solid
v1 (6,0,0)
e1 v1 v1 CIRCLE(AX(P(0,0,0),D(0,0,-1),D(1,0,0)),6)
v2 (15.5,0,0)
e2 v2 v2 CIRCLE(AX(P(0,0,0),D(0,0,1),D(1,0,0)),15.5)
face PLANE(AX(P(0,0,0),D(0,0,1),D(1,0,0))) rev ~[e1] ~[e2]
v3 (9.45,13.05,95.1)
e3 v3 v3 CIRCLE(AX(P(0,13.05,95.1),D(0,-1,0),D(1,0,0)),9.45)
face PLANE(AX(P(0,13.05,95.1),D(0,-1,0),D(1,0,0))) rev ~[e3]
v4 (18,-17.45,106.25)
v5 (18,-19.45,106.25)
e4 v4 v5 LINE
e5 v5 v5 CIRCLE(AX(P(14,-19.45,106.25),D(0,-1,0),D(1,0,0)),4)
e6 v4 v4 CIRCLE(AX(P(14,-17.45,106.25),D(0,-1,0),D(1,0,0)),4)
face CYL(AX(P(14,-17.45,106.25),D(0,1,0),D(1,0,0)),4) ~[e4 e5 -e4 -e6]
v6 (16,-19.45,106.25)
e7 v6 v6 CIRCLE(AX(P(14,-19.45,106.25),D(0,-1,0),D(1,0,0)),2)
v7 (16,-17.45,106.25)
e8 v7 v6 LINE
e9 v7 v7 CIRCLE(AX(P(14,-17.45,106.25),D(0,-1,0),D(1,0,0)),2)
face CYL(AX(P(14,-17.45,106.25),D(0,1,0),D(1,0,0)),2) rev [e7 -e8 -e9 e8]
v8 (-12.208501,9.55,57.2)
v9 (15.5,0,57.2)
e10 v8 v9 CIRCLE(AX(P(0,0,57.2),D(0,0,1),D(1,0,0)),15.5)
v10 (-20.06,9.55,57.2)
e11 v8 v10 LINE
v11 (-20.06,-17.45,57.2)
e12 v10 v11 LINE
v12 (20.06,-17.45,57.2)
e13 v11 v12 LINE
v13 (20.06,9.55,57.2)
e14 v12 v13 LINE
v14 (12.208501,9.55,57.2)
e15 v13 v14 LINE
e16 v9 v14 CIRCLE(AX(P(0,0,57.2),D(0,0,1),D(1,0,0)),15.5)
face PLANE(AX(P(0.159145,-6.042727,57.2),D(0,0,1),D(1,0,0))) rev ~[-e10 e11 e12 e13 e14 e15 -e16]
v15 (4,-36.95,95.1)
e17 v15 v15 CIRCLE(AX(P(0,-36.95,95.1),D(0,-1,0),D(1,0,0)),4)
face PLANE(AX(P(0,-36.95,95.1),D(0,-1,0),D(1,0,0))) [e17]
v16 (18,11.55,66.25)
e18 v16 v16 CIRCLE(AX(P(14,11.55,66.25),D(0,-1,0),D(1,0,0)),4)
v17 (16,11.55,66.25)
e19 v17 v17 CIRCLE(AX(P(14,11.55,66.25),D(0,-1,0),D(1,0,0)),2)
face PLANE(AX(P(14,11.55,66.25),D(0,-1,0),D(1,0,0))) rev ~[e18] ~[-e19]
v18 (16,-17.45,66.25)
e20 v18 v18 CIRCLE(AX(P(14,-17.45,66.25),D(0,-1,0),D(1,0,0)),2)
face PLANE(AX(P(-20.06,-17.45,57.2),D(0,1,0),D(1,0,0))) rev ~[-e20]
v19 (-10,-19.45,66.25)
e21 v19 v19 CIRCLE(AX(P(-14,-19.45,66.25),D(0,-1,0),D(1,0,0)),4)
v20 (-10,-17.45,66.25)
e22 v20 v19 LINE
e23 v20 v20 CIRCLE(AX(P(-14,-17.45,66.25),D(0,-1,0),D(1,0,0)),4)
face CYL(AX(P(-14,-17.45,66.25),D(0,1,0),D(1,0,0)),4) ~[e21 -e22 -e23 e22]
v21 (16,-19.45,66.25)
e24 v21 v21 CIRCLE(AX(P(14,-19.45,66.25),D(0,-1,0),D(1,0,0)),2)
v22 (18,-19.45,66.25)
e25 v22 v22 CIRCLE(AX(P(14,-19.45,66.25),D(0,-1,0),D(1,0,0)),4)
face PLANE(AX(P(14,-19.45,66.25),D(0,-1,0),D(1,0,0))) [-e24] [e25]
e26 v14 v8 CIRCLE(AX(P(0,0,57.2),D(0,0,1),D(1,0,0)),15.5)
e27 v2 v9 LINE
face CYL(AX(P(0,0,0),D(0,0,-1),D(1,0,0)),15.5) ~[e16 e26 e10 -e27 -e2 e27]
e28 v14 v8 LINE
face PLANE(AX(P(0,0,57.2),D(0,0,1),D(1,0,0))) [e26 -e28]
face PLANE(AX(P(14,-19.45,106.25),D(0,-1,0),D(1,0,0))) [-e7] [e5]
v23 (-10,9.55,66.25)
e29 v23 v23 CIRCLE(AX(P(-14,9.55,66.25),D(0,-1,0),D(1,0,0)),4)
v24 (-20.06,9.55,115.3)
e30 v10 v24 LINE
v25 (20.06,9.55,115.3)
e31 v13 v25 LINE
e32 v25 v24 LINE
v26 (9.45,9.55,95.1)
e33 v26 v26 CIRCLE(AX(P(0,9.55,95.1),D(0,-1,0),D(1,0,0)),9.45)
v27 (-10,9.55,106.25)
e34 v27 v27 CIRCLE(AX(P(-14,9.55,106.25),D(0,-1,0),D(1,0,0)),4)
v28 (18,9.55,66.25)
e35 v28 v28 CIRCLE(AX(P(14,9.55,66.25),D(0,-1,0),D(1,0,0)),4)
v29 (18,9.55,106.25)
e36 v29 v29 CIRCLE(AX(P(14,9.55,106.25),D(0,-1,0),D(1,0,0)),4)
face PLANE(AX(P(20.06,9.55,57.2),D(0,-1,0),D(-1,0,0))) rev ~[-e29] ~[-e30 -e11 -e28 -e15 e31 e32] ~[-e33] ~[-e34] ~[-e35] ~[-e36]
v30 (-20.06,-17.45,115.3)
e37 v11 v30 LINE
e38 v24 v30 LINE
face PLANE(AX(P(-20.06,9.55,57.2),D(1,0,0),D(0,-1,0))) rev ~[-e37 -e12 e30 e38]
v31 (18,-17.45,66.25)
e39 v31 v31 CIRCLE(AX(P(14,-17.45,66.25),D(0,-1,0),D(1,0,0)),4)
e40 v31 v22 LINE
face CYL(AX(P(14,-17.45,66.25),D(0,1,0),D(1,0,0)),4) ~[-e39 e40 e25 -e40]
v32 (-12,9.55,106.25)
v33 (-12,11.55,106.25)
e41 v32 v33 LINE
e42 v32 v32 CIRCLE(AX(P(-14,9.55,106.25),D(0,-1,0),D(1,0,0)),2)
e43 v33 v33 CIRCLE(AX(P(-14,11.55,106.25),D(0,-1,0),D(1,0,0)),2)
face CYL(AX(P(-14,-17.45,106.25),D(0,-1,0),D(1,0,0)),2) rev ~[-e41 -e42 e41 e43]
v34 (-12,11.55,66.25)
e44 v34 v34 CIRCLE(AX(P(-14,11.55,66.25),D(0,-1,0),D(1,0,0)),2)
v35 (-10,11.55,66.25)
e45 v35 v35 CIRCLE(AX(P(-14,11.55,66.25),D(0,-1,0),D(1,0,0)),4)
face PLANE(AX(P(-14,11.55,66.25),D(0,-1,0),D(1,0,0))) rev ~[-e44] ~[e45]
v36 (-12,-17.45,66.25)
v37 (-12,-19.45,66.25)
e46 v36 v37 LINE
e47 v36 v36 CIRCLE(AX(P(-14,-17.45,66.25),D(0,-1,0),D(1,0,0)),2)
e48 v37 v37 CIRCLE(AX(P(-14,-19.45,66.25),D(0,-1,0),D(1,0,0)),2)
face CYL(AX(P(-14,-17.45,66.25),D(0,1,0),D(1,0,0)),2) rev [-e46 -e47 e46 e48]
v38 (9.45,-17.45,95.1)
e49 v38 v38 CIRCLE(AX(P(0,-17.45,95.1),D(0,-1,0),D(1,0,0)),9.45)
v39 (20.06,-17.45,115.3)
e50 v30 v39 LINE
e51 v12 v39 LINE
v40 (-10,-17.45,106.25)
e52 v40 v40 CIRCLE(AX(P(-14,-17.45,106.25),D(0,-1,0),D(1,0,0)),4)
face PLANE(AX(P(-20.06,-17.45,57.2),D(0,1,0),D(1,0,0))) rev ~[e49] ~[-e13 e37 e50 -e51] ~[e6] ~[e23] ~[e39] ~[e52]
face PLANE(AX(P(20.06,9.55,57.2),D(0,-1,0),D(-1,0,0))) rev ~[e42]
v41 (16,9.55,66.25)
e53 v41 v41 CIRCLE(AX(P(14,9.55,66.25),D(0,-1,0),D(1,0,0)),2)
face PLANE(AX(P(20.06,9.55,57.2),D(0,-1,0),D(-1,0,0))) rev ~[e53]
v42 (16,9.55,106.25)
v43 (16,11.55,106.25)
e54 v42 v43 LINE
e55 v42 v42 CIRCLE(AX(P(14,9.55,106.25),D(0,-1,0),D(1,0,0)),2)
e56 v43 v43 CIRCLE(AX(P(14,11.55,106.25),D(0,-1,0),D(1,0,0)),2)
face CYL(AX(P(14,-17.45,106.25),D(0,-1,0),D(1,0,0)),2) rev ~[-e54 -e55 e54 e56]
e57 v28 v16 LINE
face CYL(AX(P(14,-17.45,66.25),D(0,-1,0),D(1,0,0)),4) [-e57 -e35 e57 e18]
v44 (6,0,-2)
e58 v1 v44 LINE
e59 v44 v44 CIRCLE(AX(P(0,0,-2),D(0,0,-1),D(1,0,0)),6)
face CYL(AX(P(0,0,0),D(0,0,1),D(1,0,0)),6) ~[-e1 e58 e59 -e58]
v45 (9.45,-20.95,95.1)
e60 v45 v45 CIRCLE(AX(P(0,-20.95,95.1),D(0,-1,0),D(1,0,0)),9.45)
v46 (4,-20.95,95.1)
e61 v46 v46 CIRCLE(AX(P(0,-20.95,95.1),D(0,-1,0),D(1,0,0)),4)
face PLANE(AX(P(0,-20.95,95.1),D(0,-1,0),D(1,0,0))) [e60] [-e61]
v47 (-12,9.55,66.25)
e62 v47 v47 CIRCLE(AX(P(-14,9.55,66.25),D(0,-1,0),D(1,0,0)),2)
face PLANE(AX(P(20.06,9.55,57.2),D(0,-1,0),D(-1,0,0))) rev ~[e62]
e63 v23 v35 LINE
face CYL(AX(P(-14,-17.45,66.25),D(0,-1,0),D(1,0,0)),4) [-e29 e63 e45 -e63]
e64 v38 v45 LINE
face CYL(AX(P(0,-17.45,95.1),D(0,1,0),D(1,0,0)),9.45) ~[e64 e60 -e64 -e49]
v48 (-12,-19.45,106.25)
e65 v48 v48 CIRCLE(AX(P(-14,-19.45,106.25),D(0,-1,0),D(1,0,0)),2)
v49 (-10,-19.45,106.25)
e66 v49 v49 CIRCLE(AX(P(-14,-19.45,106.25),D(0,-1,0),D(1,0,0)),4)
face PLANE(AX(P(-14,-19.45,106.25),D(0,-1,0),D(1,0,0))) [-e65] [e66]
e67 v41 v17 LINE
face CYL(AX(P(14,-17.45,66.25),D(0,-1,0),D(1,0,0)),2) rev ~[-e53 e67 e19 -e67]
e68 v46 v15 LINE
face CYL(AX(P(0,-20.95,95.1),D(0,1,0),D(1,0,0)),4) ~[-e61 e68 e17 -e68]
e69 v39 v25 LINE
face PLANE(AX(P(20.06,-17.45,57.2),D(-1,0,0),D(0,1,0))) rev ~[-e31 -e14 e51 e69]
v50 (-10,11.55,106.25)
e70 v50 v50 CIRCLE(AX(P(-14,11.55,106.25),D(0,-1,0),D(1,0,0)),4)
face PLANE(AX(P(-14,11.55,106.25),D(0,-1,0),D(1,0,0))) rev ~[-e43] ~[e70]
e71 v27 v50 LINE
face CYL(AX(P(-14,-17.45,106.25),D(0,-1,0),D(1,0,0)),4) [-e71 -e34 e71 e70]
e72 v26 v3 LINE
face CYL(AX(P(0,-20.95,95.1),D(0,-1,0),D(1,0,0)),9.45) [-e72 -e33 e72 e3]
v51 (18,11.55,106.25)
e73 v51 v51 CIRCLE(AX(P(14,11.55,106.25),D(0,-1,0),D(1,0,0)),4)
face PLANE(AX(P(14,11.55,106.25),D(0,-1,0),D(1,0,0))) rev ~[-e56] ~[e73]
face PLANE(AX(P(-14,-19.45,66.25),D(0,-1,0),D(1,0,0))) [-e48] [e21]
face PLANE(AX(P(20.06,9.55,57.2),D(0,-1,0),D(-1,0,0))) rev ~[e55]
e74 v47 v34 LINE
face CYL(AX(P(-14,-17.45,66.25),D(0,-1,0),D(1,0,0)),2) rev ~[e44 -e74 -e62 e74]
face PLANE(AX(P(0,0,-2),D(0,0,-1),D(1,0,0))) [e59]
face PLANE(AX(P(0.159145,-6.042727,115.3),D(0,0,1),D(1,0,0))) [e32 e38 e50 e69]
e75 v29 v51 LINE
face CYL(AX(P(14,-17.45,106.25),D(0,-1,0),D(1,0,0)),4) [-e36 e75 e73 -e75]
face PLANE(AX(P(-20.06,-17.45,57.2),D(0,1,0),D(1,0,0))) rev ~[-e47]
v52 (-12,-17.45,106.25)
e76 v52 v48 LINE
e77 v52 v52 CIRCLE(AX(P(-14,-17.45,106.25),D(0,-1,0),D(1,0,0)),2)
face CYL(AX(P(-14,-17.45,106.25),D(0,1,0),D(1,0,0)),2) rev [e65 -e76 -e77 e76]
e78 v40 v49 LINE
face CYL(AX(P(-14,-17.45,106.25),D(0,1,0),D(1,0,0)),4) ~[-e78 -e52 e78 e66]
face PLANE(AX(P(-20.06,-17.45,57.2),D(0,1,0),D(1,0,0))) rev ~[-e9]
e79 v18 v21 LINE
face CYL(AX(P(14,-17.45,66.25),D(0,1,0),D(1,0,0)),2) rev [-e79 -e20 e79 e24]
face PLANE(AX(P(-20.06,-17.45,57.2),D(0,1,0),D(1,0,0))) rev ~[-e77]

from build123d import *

# Parameters (mm, degrees)
F0_R      = 15.5
F1_DEPTH  = 57.2
F3_DEPTH  = 58.1
F4_R      = 9.45
F5_DEPTH  = 3.5
F5_FACE_R = 9.45
F6_DEPTH  = 34
F7_R      = 4
F8_DEPTH  = 16
F9_R      = 4
F9_R_2    = 2
F10_DEPTH = 2
F11_DEPTH = 29
F12_R     = 6
F13_DEPTH = 2


with BuildPart() as f1:
    # F0 (on Top) → F1 (new body)
    with BuildSketch(Plane.XY):
        Circle(F0_R)
    extrude(amount=F1_DEPTH)

    # F2 (on face) → F3 (join)
    with BuildSketch(Plane.XY.offset(57.2)):
        with BuildLine():
            Line((-12.208501, 9.55), (-20.06, 9.55))
            Line((-20.06, 9.55), (-20.06, -17.45))
            Line((-20.06, -17.45), (20.06, -17.45))
            Line((20.06, -17.45), (20.06, 9.55))
            Line((20.06, 9.55), (12.208501, 9.55))
            ThreePointArc((12.208501, 9.55), (14.65404, 5.050655), (15.5, 0))
            ThreePointArc((15.5, 0), (-5.050655, -14.65404), (-12.208501, 9.55))
        make_face()
        with BuildLine():
            Line((12.208501, 9.55), (-12.208501, 9.55))
            ThreePointArc((-12.208501, 9.55), (-5.050655, -14.65404), (15.5, 0))
            ThreePointArc((15.5, 0), (14.65404, 5.050655), (12.208501, 9.55))
        make_face()
    extrude(amount=F3_DEPTH)

    # F4 (on face) → F5 (join)
    with BuildSketch(Plane.XZ.offset(17.45)):
        with Locations((0, 95.1)):
            Circle(F4_R)
    extrude(amount=F5_DEPTH)

    # F5_face (on face) → F6 (join)
    with BuildSketch(Plane(origin=(0, -20.95, 95.1), x_dir=(1, 0, 0), z_dir=(0, -1, 0))):
        Circle(F5_FACE_R)
    extrude(amount=-F6_DEPTH)

    # F7 (on face) → F8 (join)
    with BuildSketch(Plane.XZ.offset(20.95)):
        with Locations((0, 95.1)):
            Circle(F7_R)
    extrude(amount=F8_DEPTH)

    # F9 (on face) → F10 (join)
    with BuildSketch(Plane.XZ.offset(17.45)):
        with Locations((14, 106.25)):
            Circle(F9_R)
        with Locations((14, 106.25)):
            Circle(F9_R_2, mode=Mode.SUBTRACT)
        with Locations((-14, 106.25)):
            Circle(F9_R)
        with Locations((-14, 106.25)):
            Circle(F9_R_2, mode=Mode.SUBTRACT)
        with Locations((14, 66.25)):
            Circle(F9_R)
        with Locations((14, 66.25)):
            Circle(F9_R_2, mode=Mode.SUBTRACT)
        with Locations((-14, 66.25)):
            Circle(F9_R)
        with Locations((-14, 66.25)):
            Circle(F9_R_2, mode=Mode.SUBTRACT)
    extrude(amount=F10_DEPTH)

    # F9 (on face) → F11 (join)
    with BuildSketch(Plane.XZ.offset(17.45)):
        with Locations((14, 106.25)):
            Circle(F9_R)
        with Locations((14, 106.25)):
            Circle(F9_R_2, mode=Mode.SUBTRACT)
        with Locations((-14, 106.25)):
            Circle(F9_R)
        with Locations((-14, 106.25)):
            Circle(F9_R_2, mode=Mode.SUBTRACT)
        with Locations((14, 66.25)):
            Circle(F9_R)
        with Locations((14, 66.25)):
            Circle(F9_R_2, mode=Mode.SUBTRACT)
        with Locations((-14, 66.25)):
            Circle(F9_R)
        with Locations((-14, 66.25)):
            Circle(F9_R_2, mode=Mode.SUBTRACT)
    extrude(amount=-F11_DEPTH)

    # F12 (on face) → F13 (join)
    with BuildSketch(Plane(origin=(0, 0, 0), x_dir=(1, 0, 0), z_dir=(0, 0, -1))):
        Circle(F12_R)
    extrude(amount=F13_DEPTH)


solid = f1.part
